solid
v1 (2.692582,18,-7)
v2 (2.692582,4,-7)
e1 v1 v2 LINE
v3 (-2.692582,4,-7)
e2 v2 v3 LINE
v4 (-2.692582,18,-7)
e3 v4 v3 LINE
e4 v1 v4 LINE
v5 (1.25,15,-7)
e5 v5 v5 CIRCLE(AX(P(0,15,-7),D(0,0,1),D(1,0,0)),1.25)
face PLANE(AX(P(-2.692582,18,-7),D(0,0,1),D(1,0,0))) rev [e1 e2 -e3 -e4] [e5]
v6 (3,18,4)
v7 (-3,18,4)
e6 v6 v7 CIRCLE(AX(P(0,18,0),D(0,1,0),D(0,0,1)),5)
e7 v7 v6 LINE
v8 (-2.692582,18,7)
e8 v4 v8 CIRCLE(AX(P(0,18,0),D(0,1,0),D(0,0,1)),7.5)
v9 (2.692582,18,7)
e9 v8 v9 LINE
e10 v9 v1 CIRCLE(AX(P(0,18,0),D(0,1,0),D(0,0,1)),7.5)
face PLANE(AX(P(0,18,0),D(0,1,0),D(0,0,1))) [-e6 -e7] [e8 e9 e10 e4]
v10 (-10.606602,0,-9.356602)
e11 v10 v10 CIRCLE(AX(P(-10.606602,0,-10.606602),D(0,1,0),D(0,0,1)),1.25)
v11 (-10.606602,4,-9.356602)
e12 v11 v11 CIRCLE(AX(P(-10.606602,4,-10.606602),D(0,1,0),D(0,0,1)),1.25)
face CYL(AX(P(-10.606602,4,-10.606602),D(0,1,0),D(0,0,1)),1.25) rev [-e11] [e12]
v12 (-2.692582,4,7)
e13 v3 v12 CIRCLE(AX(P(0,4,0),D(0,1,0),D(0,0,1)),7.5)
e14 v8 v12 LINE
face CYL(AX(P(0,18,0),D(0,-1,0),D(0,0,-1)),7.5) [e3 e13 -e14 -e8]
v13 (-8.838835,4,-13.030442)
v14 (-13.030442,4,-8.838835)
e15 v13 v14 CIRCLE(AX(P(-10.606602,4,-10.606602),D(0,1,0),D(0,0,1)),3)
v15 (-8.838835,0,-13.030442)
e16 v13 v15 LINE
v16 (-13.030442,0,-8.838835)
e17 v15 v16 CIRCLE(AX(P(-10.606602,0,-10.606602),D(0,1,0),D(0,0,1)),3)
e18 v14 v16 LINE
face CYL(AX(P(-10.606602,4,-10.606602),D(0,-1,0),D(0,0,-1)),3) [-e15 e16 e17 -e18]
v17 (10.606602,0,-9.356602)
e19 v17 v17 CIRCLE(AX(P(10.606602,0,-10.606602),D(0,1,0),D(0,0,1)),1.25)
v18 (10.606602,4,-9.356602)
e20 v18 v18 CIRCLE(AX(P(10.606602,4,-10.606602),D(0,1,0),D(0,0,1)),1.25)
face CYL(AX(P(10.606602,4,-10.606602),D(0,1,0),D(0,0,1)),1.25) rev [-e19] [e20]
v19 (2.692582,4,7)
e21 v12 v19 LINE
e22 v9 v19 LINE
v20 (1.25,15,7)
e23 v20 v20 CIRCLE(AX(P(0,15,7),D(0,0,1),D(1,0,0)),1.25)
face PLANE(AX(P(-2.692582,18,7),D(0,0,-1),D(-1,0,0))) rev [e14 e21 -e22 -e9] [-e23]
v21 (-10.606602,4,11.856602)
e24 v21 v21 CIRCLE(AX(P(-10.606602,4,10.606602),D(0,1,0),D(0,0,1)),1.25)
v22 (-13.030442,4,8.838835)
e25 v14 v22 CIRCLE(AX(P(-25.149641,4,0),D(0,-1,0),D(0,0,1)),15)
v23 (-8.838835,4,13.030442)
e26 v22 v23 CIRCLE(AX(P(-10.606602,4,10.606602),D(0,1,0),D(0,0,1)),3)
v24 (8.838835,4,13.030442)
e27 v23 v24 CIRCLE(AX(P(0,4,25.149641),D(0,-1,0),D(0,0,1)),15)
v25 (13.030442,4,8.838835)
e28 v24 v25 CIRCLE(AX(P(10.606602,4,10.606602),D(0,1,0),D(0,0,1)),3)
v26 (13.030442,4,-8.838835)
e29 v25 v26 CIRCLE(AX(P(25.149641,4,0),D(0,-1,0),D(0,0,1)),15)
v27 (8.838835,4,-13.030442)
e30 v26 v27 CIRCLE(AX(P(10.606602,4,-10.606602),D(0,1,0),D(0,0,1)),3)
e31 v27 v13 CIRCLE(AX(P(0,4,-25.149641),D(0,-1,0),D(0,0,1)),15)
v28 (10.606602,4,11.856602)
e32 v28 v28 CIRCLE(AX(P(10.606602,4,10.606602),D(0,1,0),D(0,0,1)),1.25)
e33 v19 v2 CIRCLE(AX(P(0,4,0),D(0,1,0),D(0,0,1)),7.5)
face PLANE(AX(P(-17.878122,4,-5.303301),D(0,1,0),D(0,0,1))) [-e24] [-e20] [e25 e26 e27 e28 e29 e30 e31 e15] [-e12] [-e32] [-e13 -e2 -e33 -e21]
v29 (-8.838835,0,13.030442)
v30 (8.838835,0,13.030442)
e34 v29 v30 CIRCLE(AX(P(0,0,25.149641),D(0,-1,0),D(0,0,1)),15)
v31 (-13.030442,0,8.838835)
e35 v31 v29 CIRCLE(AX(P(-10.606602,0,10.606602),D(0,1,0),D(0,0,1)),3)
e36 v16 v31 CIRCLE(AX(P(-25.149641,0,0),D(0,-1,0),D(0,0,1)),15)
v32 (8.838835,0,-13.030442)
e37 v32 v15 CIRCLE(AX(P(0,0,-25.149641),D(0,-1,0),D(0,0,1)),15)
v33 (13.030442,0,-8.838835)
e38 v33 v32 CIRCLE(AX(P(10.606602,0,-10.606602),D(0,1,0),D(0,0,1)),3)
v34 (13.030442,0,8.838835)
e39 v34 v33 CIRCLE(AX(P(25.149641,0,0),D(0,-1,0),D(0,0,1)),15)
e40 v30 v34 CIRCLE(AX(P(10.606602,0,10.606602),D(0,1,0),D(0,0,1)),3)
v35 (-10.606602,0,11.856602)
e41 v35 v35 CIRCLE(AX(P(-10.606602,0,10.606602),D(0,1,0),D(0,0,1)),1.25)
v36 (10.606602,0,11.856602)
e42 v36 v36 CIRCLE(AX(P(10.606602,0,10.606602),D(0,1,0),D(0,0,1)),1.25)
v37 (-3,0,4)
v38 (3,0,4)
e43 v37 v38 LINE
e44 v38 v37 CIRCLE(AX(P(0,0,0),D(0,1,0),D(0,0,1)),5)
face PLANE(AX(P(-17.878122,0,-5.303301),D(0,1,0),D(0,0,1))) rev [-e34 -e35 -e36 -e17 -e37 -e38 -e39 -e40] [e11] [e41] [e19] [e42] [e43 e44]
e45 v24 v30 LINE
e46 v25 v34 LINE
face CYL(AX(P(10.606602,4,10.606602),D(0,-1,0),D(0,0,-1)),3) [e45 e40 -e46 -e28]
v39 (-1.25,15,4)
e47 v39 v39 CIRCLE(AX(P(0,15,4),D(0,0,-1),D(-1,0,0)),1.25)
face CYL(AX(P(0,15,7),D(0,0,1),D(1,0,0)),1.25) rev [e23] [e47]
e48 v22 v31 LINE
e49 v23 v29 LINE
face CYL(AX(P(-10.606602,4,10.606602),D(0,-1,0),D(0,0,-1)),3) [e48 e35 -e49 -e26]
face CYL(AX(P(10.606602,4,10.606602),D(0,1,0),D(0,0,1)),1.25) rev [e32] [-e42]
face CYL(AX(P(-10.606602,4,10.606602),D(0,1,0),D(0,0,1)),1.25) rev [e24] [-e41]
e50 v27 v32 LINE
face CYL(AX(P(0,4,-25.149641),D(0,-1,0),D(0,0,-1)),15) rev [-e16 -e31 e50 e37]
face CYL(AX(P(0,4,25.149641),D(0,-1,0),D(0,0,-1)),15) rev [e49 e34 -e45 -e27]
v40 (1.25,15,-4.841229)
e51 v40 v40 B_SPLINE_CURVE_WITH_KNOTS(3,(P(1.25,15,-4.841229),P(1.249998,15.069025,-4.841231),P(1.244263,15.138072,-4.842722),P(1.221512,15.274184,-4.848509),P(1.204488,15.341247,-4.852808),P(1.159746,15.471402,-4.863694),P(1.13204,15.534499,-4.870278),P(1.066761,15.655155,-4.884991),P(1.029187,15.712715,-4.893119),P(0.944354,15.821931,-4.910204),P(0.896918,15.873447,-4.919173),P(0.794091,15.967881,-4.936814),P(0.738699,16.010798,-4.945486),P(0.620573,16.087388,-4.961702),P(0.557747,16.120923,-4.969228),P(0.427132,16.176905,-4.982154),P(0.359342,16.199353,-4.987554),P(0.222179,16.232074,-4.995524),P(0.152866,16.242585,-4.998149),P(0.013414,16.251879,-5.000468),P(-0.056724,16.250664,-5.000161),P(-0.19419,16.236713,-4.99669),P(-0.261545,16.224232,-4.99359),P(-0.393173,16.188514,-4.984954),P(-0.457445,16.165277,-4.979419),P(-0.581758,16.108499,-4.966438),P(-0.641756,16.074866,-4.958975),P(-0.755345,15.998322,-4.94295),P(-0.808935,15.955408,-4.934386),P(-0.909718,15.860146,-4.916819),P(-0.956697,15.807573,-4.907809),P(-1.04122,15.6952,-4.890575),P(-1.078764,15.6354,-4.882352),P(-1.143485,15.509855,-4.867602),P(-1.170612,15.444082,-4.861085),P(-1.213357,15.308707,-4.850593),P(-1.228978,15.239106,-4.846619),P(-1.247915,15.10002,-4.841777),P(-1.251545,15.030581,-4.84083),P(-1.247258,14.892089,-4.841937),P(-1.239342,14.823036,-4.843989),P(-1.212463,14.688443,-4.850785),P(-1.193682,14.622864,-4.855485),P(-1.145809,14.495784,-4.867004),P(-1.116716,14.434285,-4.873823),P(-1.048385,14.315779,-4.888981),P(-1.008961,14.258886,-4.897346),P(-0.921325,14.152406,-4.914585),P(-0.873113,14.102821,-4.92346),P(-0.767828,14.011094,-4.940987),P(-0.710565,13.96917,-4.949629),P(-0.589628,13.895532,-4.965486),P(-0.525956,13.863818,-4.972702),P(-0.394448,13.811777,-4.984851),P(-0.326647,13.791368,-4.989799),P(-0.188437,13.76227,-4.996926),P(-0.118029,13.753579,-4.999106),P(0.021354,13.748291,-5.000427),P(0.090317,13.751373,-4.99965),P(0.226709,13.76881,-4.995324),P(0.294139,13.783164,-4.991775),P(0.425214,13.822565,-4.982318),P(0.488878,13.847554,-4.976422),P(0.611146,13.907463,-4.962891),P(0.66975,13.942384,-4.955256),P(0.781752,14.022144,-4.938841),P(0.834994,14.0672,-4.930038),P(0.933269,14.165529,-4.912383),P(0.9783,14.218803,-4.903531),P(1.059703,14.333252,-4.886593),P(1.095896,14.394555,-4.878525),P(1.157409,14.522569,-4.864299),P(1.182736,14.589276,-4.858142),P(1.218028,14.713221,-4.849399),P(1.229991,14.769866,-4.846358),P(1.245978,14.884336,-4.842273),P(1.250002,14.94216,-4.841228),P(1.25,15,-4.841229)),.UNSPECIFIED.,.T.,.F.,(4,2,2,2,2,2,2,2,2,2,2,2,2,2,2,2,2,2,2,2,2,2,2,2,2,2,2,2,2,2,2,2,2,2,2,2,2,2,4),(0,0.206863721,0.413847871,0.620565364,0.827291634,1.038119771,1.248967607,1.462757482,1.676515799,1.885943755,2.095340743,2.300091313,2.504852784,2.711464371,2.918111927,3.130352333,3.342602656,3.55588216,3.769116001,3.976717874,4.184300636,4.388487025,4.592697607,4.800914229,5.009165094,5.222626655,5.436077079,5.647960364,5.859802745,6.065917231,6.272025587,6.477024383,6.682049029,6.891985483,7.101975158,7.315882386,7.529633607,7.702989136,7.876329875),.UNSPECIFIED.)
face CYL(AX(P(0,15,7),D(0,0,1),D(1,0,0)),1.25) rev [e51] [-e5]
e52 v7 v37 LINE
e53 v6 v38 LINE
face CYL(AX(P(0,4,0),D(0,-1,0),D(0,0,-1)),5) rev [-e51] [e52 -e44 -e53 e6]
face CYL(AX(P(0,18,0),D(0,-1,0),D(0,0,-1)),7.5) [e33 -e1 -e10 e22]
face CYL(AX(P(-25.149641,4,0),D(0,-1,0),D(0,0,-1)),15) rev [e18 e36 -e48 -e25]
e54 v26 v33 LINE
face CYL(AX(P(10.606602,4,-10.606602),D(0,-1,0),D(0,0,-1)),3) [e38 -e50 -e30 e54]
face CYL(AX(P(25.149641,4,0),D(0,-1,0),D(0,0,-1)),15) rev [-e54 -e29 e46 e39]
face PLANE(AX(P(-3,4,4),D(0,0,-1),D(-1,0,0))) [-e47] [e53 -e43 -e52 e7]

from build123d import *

# Parameters (mm, degrees)
EXTRUDE_1_DEPTH    = 4
EXTRUDE_2_DEPTH    = 14
HOLE_WIZARD_M3_1_D = 2.5
HOLE_WIZARD_M3_2_D = 2.5


with BuildPart() as part:
    # 草图1 → 凸台-拉伸1 (new body)
    with BuildSketch(Plane(origin=(0, 0, 0), x_dir=(1, 0, 0), z_dir=(0, 1, 0))):
        with BuildLine():
            ThreePointArc((-8.838834765, 13.030441647), (-12.727922061, 12.727922061), (-13.030441647, 8.838834765))
            ThreePointArc((-13.030441647, 8.838834765), (-10.14964129, 0), (-13.030441647, -8.838834765))
            ThreePointArc((-13.030441647, -8.838834765), (-12.727922061, -12.727922061), (-8.838834765, -13.030441647))
            ThreePointArc((-8.838834765, -13.030441647), (0, -10.14964129), (8.838834765, -13.030441647))
            ThreePointArc((8.838834765, -13.030441647), (12.727922061, -12.727922061), (13.030441647, -8.838834765))
            ThreePointArc((13.030441647, -8.838834765), (10.14964129, 0), (13.030441647, 8.838834765))
            ThreePointArc((13.030441647, 8.838834765), (12.727922061, 12.727922061), (8.838834765, 13.030441647))
            ThreePointArc((8.838834765, 13.030441647), (0, 10.14964129), (-8.838834765, 13.030441647))
        make_face()
        with BuildLine():
            Line((-3, -4), (3, -4))
            ThreePointArc((3, -4), (0, 5), (-3, -4))
        make_face(mode=Mode.SUBTRACT)
    extrude(amount=EXTRUDE_1_DEPTH)

    # 草图2 → 凸台-拉伸2 (add)
    with BuildSketch(Plane(origin=(0, 4, 0), x_dir=(1, 0, 0), z_dir=(0, 1, 0))):
        with BuildLine():
            Line((-2.692582404, 7), (2.692582404, 7))
            ThreePointArc((2.692582404, 7), (7.5, 0), (2.692582404, -7))
            Line((2.692582404, -7), (-2.692582404, -7))
            ThreePointArc((-2.692582404, -7), (-7.5, 0), (-2.692582404, 7))
        make_face()
        with BuildLine():
            Line((-3, -4), (3, -4))
            ThreePointArc((3, -4), (0, 5), (-3, -4))
        make_face(mode=Mode.SUBTRACT)
    extrude(amount=EXTRUDE_2_DEPTH)

    # M3 螺纹孔1 (through all)
    with Locations(Plane(origin=(0, 4, 0), x_dir=(1, 0, 0), z_dir=(0, 1, 0))):
        with Locations((-10.606601718, 10.606601718), (10.606601718, 10.606601718), (10.606601718, -10.606601718), (-10.606601718, -10.606601718)):
            Hole(HOLE_WIZARD_M3_1_D / 2)

    # M3 螺纹孔2 (through all)
    with Locations(Plane.XY.offset(7)):
        with Locations((0, 15)):
            Hole(HOLE_WIZARD_M3_2_D / 2)


solid = part.part
